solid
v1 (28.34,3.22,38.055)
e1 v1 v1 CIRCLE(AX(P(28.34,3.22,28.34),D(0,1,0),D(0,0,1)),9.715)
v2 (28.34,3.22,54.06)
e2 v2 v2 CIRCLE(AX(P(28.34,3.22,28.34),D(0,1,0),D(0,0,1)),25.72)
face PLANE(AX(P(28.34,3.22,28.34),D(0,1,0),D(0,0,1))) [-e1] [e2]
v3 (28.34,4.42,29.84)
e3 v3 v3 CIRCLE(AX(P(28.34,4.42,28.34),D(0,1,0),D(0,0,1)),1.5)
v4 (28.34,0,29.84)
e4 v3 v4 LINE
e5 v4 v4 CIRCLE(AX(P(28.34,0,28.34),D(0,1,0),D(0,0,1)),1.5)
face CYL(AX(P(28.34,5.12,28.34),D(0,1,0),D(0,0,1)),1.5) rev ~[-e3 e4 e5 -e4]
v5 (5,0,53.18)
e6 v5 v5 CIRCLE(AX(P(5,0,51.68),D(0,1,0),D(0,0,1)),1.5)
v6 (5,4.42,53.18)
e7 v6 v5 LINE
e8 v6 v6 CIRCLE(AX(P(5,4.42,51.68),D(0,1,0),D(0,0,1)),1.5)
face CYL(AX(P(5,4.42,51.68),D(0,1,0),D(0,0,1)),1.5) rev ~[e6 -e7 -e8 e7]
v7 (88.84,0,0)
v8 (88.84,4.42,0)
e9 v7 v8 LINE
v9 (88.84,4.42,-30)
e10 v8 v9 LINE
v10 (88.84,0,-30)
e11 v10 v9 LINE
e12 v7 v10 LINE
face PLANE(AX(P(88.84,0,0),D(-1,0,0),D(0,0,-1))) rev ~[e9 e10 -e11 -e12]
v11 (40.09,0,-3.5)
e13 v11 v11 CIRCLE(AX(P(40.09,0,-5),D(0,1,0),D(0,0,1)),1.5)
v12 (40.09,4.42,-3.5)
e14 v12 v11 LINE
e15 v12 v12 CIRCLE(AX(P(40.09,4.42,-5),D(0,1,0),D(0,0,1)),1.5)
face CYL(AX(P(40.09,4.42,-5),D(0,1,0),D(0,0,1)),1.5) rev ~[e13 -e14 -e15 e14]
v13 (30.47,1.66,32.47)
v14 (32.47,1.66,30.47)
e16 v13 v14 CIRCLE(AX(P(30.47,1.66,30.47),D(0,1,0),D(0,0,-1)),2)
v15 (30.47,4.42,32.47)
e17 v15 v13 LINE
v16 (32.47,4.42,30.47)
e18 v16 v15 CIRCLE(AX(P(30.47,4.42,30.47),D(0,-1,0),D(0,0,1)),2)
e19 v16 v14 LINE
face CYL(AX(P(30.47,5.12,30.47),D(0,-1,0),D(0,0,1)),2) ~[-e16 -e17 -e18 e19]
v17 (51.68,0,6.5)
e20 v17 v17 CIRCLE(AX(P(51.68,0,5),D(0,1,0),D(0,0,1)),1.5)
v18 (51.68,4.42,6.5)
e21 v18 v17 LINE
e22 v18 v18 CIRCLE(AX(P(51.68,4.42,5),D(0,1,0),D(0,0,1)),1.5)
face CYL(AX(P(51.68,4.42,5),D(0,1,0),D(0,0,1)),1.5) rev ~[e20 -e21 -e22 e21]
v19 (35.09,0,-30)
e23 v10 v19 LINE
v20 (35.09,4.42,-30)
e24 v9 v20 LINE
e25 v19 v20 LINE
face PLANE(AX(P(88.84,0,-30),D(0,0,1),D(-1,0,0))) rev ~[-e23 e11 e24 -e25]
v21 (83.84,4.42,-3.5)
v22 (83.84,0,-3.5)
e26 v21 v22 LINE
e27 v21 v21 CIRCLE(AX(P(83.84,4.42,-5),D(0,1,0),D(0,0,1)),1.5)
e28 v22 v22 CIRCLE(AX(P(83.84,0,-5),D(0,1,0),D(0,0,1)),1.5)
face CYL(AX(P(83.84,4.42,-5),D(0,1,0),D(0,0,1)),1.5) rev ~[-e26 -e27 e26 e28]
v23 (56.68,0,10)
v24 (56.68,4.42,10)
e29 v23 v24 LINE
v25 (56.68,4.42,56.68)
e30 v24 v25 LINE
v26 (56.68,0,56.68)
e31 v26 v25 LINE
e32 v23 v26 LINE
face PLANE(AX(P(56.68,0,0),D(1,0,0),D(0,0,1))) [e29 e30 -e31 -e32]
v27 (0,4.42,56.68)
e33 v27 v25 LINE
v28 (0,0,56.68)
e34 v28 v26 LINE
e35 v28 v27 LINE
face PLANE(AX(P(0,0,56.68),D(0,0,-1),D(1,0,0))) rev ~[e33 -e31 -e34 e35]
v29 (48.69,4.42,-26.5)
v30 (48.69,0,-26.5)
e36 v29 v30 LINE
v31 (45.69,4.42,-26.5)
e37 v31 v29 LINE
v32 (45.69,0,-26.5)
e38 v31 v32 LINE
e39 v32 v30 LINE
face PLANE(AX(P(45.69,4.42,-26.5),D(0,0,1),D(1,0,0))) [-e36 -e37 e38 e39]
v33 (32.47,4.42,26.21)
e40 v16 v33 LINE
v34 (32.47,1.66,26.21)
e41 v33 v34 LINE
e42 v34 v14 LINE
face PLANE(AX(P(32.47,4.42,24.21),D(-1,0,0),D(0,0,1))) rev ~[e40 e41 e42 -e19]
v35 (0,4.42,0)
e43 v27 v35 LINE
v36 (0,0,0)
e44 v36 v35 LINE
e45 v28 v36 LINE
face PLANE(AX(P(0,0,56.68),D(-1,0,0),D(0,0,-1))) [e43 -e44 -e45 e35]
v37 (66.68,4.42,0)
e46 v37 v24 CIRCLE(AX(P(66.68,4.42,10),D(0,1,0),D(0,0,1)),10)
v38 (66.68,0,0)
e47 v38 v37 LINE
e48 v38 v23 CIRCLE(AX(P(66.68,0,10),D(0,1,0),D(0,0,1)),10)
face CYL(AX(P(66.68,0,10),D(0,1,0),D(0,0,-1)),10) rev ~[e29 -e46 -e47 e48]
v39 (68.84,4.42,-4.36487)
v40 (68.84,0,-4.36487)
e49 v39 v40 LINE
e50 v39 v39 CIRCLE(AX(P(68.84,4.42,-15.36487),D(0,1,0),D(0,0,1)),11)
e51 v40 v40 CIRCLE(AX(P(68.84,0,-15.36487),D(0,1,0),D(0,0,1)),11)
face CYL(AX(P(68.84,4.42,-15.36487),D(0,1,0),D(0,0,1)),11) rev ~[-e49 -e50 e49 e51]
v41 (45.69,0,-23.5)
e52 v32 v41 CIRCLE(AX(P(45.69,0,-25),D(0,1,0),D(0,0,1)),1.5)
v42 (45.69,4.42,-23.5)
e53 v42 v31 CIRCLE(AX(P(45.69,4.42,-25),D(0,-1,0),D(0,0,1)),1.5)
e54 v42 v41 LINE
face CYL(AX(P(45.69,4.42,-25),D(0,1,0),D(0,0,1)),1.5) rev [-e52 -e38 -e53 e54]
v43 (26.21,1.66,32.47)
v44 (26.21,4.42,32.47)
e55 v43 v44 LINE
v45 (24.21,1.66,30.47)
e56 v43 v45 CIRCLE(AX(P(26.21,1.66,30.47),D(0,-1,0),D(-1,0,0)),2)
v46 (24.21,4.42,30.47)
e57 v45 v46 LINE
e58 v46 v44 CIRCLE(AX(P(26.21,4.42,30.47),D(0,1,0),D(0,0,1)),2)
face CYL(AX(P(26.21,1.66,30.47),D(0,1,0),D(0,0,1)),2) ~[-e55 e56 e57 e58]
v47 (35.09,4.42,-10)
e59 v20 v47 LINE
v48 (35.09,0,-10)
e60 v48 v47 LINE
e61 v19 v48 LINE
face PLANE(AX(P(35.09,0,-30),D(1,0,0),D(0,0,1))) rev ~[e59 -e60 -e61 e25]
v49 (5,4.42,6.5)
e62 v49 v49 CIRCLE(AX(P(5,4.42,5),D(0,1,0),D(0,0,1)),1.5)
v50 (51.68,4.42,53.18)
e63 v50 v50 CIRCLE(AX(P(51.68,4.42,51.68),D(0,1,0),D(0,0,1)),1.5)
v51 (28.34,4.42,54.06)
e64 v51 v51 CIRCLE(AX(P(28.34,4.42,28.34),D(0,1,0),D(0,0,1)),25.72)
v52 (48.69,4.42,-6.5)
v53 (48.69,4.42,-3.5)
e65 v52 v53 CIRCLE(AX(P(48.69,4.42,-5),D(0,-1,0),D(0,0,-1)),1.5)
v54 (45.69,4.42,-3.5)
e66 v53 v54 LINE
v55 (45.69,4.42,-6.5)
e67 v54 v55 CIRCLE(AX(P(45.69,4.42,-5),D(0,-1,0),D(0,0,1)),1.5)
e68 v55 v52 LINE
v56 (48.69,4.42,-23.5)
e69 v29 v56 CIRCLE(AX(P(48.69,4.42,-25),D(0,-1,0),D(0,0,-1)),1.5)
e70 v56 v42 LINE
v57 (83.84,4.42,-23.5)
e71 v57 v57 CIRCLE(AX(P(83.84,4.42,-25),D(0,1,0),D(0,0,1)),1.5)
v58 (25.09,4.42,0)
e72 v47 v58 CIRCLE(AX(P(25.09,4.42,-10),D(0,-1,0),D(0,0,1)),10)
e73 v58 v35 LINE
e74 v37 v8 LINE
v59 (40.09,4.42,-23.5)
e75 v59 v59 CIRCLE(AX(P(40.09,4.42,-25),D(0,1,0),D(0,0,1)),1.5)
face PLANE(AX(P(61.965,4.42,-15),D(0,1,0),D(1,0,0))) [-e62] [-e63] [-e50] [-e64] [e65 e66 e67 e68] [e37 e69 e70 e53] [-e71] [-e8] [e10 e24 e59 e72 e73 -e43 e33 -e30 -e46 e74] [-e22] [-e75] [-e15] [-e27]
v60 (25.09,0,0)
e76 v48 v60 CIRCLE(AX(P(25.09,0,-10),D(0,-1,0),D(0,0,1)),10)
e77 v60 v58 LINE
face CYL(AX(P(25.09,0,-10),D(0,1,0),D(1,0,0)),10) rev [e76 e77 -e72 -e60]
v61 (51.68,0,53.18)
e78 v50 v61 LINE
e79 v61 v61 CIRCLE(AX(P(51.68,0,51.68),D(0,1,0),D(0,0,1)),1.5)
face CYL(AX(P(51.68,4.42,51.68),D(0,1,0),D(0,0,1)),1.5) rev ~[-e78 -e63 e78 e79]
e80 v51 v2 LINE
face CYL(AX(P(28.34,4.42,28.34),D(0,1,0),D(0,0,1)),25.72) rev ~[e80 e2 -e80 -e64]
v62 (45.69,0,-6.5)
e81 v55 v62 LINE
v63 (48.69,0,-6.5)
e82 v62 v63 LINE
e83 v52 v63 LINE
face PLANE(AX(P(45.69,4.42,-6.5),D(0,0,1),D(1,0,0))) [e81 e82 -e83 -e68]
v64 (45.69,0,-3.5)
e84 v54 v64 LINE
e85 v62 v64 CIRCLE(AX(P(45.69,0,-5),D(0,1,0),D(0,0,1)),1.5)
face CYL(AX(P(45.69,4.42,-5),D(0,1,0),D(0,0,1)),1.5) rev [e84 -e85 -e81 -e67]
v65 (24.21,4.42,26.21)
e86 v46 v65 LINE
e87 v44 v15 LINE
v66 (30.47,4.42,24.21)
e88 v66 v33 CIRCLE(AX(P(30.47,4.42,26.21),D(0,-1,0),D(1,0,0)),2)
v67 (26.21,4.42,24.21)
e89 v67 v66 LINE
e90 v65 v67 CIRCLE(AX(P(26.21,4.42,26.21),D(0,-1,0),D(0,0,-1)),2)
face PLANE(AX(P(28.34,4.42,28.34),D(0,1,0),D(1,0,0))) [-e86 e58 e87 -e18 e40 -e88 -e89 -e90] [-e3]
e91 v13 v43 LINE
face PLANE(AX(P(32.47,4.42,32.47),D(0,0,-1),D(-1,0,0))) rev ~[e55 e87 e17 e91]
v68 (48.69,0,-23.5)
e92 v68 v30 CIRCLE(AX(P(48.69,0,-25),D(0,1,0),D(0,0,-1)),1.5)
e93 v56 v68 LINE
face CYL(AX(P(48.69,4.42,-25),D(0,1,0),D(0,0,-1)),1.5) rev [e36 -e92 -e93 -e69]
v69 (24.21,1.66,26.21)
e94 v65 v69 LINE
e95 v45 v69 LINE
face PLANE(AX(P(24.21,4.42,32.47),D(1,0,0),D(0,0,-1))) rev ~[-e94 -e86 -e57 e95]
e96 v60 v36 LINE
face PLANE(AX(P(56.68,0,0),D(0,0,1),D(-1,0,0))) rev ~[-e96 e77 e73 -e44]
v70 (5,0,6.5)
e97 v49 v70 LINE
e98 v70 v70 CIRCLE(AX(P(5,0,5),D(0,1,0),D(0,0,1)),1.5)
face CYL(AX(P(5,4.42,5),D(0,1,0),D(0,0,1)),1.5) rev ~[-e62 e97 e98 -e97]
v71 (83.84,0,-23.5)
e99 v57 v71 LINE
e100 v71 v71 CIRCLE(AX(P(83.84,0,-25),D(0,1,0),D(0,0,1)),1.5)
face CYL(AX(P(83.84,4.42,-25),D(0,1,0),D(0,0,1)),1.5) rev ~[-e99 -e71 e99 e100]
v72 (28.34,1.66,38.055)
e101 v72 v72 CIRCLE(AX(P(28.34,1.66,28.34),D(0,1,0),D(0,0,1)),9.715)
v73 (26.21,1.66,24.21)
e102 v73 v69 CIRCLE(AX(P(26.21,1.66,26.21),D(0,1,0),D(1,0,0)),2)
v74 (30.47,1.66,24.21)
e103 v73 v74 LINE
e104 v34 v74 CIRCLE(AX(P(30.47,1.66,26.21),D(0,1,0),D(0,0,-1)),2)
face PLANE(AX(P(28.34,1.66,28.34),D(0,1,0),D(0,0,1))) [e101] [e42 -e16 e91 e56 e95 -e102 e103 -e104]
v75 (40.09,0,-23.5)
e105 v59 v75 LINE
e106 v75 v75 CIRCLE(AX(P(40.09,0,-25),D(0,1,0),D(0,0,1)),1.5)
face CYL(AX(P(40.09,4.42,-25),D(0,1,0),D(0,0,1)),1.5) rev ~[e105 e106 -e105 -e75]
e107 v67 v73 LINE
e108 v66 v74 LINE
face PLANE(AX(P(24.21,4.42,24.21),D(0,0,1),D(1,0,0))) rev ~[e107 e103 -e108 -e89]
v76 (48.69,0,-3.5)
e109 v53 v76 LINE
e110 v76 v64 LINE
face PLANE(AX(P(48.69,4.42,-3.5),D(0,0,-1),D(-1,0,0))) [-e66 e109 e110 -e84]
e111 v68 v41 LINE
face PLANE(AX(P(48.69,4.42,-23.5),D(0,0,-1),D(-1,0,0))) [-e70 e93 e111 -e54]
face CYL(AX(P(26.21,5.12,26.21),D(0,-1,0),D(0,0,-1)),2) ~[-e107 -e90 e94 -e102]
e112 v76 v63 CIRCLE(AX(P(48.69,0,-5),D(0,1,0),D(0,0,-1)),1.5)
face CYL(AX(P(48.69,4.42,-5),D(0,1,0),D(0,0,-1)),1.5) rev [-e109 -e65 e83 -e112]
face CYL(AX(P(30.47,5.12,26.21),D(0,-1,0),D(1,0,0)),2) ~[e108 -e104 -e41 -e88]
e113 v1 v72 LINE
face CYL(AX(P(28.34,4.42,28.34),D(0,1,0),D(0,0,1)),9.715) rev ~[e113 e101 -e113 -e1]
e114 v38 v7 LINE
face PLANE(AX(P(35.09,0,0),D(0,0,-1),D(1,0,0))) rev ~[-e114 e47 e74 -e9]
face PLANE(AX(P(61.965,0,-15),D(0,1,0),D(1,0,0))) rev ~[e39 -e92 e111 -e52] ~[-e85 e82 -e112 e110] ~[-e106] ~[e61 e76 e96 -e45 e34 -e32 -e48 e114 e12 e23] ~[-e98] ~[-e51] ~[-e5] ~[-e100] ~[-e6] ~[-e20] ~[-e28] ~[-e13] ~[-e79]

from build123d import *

# Parameters (mm, degrees)
BOSS_EXTRUDE3_DEPTH = 4.42
BOSS_EXTRUDE4_DEPTH = 4.42
SKETCH7_W           = 4.13
SKETCH7_H           = 4.13
BOSS_EXTRUDE5_DEPTH = 0.7
SKETCH7_3_R         = 25.72
SKETCH7_3_R_2       = 16.51
SKETCH7_3_R_3       = 9.715
CUT_EXTRUDE1_DEPTH  = 1.2
SKETCH7_4_R         = 9.715
CUT_EXTRUDE2_DEPTH  = 2.76
FILLET2_R           = 2
SKETCH8_R           = 1.5
CUT_EXTRUDE3_DEPTH  = 106.505366688
SKETCH9_R           = 1.5
CUT_EXTRUDE4_DEPTH  = 106.473714261
SKETCH10_R          = 1.5
CUT_EXTRUDE5_DEPTH  = 106.473714261
SKETCH11_R          = 11
CUT_EXTRUDE6_DEPTH  = 106.473714261
FILLET7_R           = 10
SKETCH12_W          = 8.26
SKETCH12_H          = 8.26
CUT_EXTRUDE7_DEPTH  = 0.7


with BuildPart() as part:
    # Sketch6 → Boss-Extrude3 (new body)
    with BuildSketch(Plane(origin=(0, 0, 0), x_dir=(1, 0, 0), z_dir=(0, 1, 0))):
        Polygon((0, 0), (35.09, 0), (56.68, 0), (56.68, -56.68), (35.09, -56.68), (0, -56.68), align=None)
    extrude(amount=BOSS_EXTRUDE3_DEPTH)

    # Sketch6<7> → Boss-Extrude4 (add)
    with BuildSketch(Plane(origin=(0, 0, 0), x_dir=(1, 0, 0), z_dir=(0, 1, 0))):
        Polygon((35.09, 0), (56.68, 0), (88.84, 0), (88.84, 30), (35.09, 30), align=None)
    extrude(amount=BOSS_EXTRUDE4_DEPTH)

    # Sketch7 → Boss-Extrude5 (add)
    with BuildSketch(Plane(origin=(0, 4.42, 0), x_dir=(1, 0, 0), z_dir=(0, 1, 0))):
        with Locations((26.275, -30.405)):
            Rectangle(SKETCH7_W, SKETCH7_H)
        with Locations((26.275, -26.275)):
            Rectangle(SKETCH7_W, SKETCH7_H)
        with Locations((30.405, -26.275)):
            Rectangle(SKETCH7_W, SKETCH7_H)
        with Locations((30.405, -30.405)):
            Rectangle(SKETCH7_W, SKETCH7_H)
    extrude(amount=BOSS_EXTRUDE5_DEPTH)

    # Sketch7<3> → Cut-Extrude1 (cut)
    # profile 1 of 2: a face of its own
    with BuildSketch(Plane(origin=(0, 4.42, 0), x_dir=(1, 0, 0), z_dir=(0, 1, 0))):
        with Locations(Location((28.34, -28.34, 0), (0, 0, 270))):
            Circle(SKETCH7_3_R)
        with Locations((28.34, -28.34)):
            Circle(SKETCH7_3_R_2, mode=Mode.SUBTRACT)
    # profile 2 of 2: a face of its own
    with BuildSketch(Plane(origin=(0, 4.42, 0), x_dir=(1, 0, 0), z_dir=(0, 1, 0))):
        with Locations((28.34, -28.34)):
            Circle(SKETCH7_3_R_2)
        with Locations(Location((28.34, -28.34, 0), (0, 0, 270))):
            Circle(SKETCH7_3_R_3, mode=Mode.SUBTRACT)
    extrude(amount=-CUT_EXTRUDE1_DEPTH, mode=Mode.SUBTRACT)

    # Sketch7<4> → Cut-Extrude2 (cut)
    with BuildSketch(Plane(origin=(0, 4.42, 0), x_dir=(1, 0, 0), z_dir=(0, 1, 0))):
        with Locations(Location((28.34, -28.34, 0), (0, 0, 270))):
            Circle(SKETCH7_4_R)
        Polygon((24.21, -28.34), (24.21, -32.47), (28.34, -32.47), (32.47, -32.47), (32.47, -28.34), (32.47, -24.21), (28.34, -24.21), (24.21, -24.21), align=None, mode=Mode.SUBTRACT)
    extrude(amount=-CUT_EXTRUDE2_DEPTH, mode=Mode.SUBTRACT)

    # Fillet2
    fillet2_edges = [part.edges().sort_by_distance(p)[0] for p in [
        (32.47, 3.39, 32.47),
        (32.47, 3.39, 24.21),
        (24.21, 3.39, 24.21),
        (24.21, 3.39, 32.47),
    ]]
    fillet(fillet2_edges, radius=FILLET2_R)

    # Sketch8 → Cut-Extrude3 (cut, through all)
    with BuildSketch(Plane(origin=(0, 5.12, 0), x_dir=(1, 0, 0), z_dir=(0, 1, 0))):
        with Locations(Location((28.34, -28.34, 0), (0, 0, 270))):
            Circle(SKETCH8_R)
    extrude(amount=-CUT_EXTRUDE3_DEPTH, mode=Mode.SUBTRACT)

    # Sketch9 → Cut-Extrude4 (cut, through all)
    with BuildSketch(Plane(origin=(0, 4.42, 0), x_dir=(1, 0, 0), z_dir=(0, 1, 0))):
        with Locations(Location((5, -5, 0), (0, 0, 270))):
            Circle(SKETCH9_R)
        with Locations(Location((51.68, -5, 0), (0, 0, 270))):
            Circle(SKETCH9_R)
        with Locations(Location((51.68, -51.68, 0), (0, 0, 270))):
            Circle(SKETCH9_R)
        with Locations(Location((5, -51.68, 0), (0, 0, 270))):
            Circle(SKETCH9_R)
    extrude(amount=-CUT_EXTRUDE4_DEPTH, mode=Mode.SUBTRACT)

    # Sketch10 → Cut-Extrude5 (cut, through all)
    with BuildSketch(Plane(origin=(0, 4.42, 0), x_dir=(1, 0, 0), z_dir=(0, 1, 0))):
        with Locations(Location((40.09, 25, 0), (0, 0, 270))):
            Circle(SKETCH10_R)
        with Locations(Location((40.09, 5, 0), (0, 0, 270))):
            Circle(SKETCH10_R)
        with Locations(Location((83.84, 5, 0), (0, 0, 270))):
            Circle(SKETCH10_R)
        with Locations(Location((83.84, 25, 0), (0, 0, 270))):
            Circle(SKETCH10_R)
        with BuildLine():
            Line((45.69, 26.5), (48.69, 26.5))
            ThreePointArc((48.69, 26.5), (50.19, 25), (48.69, 23.5))
            Line((48.69, 23.5), (45.69, 23.5))
            ThreePointArc((45.69, 23.5), (44.19, 25), (45.69, 26.5))
        make_face()
        with BuildLine():
            Line((45.69, 6.5), (48.69, 6.5))
            ThreePointArc((48.69, 6.5), (50.19, 5), (48.69, 3.5))
            Line((48.69, 3.5), (45.69, 3.5))
            ThreePointArc((45.69, 3.5), (44.19, 5), (45.69, 6.5))
        make_face()
    extrude(amount=-CUT_EXTRUDE5_DEPTH, mode=Mode.SUBTRACT)

    # Sketch11 → Cut-Extrude6 (cut, through all)
    with BuildSketch(Plane(origin=(0, 4.42, 0), x_dir=(1, 0, 0), z_dir=(0, 1, 0))):
        with Locations(Location((68.84, 15.364869593, 0), (0, 0, 270))):
            Circle(SKETCH11_R)
    extrude(amount=-CUT_EXTRUDE6_DEPTH, mode=Mode.SUBTRACT)

    # Fillet7
    fillet7_edges = [part.edges().sort_by_distance(p)[0] for p in [
        (35.09, 2.21, 0),
        (56.68, 2.21, 0),
    ]]
    fillet(fillet7_edges, radius=FILLET7_R)

    # Sketch12 → Cut-Extrude7 (cut)
    with BuildSketch(Plane(origin=(0, 5.12, 0), x_dir=(1, 0, 0), z_dir=(0, 1, 0))):
        with Locations((28.34, -28.34)):
            Rectangle(SKETCH12_W, SKETCH12_H)
    extrude(amount=-CUT_EXTRUDE7_DEPTH, mode=Mode.SUBTRACT)


solid = part.part
